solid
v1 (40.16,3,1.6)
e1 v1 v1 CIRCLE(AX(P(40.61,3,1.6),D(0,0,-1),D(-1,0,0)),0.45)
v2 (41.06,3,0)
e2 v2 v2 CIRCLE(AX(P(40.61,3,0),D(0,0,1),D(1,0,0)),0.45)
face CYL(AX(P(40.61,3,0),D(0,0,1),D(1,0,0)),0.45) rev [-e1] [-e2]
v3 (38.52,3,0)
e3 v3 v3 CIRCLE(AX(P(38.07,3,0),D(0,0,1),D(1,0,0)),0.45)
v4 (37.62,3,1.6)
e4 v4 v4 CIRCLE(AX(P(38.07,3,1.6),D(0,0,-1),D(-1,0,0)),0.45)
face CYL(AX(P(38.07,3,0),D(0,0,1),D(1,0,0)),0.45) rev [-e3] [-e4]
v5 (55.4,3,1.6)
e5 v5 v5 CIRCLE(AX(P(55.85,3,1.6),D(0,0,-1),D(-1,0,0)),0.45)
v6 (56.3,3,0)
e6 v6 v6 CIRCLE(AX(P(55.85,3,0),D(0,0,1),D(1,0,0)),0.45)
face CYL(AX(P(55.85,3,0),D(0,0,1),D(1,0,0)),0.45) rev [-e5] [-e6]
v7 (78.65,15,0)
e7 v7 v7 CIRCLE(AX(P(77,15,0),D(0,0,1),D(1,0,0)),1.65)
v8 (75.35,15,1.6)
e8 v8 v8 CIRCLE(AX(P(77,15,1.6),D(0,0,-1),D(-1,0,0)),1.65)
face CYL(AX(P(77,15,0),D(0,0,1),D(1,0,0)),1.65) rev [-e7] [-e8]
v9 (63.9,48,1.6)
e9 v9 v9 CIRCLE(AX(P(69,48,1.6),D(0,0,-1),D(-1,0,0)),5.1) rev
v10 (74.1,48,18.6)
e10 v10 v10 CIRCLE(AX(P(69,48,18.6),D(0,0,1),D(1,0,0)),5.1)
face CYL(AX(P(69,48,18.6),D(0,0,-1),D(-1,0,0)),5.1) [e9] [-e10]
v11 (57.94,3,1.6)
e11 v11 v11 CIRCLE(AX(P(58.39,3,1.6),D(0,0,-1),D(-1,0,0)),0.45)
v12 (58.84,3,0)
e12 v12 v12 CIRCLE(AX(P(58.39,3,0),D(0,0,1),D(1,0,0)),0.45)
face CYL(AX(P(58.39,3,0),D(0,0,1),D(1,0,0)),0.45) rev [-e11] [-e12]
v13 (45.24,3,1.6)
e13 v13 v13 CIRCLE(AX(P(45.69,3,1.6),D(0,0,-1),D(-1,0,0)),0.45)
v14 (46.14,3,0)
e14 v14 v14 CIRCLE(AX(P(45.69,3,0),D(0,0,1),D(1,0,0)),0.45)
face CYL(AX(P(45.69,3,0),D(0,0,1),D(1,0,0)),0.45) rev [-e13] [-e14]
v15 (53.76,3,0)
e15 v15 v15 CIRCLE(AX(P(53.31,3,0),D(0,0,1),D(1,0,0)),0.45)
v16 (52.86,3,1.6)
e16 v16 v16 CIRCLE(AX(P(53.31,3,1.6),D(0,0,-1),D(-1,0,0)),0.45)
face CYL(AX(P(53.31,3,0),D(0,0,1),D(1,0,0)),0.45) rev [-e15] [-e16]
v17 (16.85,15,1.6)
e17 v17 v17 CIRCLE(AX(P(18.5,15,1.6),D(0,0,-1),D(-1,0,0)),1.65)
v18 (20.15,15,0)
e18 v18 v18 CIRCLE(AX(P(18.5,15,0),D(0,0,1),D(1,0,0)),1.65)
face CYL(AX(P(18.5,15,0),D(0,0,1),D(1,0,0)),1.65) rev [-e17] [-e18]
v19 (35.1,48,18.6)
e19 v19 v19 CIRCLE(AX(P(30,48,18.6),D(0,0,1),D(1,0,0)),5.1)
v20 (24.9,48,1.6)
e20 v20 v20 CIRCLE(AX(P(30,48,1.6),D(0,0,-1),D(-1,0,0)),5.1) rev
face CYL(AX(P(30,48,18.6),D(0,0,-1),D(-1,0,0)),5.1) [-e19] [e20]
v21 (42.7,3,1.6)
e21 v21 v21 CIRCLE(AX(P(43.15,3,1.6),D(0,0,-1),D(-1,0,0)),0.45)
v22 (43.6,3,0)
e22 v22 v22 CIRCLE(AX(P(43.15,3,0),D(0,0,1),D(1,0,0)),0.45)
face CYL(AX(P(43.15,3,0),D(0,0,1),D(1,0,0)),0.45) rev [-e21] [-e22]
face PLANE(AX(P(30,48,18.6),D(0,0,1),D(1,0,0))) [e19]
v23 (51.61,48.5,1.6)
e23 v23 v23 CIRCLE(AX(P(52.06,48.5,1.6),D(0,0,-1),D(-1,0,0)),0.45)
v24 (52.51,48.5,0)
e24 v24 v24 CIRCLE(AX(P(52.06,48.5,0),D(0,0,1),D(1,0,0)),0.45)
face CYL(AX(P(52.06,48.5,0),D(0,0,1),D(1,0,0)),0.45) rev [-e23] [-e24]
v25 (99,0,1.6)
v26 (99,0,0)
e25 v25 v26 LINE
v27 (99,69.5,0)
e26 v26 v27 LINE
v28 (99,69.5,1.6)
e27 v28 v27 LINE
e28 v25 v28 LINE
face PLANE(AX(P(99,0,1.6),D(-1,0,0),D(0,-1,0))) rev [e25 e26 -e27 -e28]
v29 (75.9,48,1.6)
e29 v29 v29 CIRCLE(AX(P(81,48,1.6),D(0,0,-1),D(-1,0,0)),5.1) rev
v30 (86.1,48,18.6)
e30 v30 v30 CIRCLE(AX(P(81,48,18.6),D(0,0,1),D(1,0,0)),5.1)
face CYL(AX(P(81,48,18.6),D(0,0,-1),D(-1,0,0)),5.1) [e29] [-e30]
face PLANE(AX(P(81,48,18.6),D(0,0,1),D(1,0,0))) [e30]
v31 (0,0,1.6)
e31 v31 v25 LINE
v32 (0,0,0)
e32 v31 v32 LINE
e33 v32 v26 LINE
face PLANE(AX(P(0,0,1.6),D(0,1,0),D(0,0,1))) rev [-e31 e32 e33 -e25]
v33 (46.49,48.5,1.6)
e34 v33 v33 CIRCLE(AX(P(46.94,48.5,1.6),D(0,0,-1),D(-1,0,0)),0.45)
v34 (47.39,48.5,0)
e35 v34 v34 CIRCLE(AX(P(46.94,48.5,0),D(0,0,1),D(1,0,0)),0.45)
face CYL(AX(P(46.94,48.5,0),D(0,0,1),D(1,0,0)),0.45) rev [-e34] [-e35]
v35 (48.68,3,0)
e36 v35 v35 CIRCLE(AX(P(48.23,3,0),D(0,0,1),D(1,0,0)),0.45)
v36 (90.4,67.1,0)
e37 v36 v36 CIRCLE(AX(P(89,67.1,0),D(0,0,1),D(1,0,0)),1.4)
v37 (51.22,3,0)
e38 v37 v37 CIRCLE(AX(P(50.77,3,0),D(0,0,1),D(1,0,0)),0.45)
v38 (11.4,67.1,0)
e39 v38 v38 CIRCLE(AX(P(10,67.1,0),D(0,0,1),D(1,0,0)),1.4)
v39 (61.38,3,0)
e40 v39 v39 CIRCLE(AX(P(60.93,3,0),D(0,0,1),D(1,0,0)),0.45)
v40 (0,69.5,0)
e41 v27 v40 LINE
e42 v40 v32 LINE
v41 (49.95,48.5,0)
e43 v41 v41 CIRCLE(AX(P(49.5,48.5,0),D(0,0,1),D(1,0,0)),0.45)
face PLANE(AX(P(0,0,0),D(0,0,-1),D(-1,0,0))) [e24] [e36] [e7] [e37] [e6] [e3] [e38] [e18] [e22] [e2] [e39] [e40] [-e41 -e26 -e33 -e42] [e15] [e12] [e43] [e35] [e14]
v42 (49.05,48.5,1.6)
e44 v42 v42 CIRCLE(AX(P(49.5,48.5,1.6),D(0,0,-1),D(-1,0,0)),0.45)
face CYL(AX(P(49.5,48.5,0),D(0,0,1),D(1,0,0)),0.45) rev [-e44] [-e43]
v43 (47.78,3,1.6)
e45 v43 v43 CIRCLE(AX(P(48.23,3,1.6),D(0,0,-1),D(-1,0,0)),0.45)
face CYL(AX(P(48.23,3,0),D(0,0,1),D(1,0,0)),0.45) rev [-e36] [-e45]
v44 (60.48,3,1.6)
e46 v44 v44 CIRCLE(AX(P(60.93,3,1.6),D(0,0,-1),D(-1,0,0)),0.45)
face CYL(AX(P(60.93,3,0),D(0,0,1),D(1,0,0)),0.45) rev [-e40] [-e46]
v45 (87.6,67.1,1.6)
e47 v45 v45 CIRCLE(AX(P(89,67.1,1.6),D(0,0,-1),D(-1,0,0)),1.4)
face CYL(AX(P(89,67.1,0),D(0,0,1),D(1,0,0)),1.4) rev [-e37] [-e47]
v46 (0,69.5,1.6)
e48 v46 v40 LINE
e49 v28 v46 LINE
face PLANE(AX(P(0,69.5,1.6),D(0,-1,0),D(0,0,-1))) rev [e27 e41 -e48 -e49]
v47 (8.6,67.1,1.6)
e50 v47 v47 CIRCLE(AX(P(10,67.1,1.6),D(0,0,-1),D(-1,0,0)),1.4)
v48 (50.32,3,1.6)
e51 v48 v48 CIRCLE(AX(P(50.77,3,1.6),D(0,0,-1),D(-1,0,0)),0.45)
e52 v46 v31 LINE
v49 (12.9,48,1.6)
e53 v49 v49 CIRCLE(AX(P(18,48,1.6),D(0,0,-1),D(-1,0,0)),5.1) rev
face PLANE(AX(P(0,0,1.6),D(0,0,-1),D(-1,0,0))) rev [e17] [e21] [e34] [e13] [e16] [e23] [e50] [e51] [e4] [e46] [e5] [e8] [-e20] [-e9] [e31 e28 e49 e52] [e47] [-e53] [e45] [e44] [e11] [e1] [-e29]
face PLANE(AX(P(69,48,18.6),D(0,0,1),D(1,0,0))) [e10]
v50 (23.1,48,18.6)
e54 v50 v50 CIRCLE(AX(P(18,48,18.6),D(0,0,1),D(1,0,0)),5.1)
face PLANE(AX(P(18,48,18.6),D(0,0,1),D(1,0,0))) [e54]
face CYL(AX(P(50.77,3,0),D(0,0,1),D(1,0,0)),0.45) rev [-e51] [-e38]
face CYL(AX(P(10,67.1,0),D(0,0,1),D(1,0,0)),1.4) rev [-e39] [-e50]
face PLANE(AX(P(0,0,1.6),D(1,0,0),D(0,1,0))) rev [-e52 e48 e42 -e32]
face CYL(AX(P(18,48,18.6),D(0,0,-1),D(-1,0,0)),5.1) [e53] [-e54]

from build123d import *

# Parameters (mm, degrees)
SKETCH1_W               = 99
SKETCH1_H               = 69.5
BOSS_EXTRUDE1_DEPTH     = 1.6
SKETCH2_R               = 5.1
BOSS_EXTRUDE2_DEPTH     = 17
SKETCH3_R               = 1.4
SKETCH3_R_2             = 1.65
SKETCH3_R_3             = 0.45
CUT_EXTRUDE1_DEPTH      = 18
CUT_EXTRUDE1_DEPTH_BACK = 2.6


with BuildPart() as part:
    # Sketch1 → Boss-Extrude1 (new body)
    with BuildSketch(Plane.XY):
        with Locations((49.5, 34.75)):
            Rectangle(SKETCH1_W, SKETCH1_H)
    extrude(amount=BOSS_EXTRUDE1_DEPTH)

    # Sketch2 → Boss-Extrude2 (add)
    with BuildSketch(Plane.XY.offset(1.6)):
        with Locations((18, 48)):
            Circle(SKETCH2_R)
        with Locations((30, 48)):
            Circle(SKETCH2_R)
        with Locations((69, 48)):
            Circle(SKETCH2_R)
        with Locations((81, 48)):
            Circle(SKETCH2_R)
    extrude(amount=BOSS_EXTRUDE2_DEPTH)

    # Sketch3 → Cut-Extrude1 (cut, two sides)
    with BuildSketch(Plane.XY.offset(1.6)) as cut_extrude1_sk:
        with Locations((10, 67.1)):
            Circle(SKETCH3_R)
        with Locations((89, 67.1)):
            Circle(SKETCH3_R)
        with Locations((18.5, 15)):
            Circle(SKETCH3_R_2)
        with Locations((77, 15)):
            Circle(SKETCH3_R_2)
        with Locations((49.5, 48.5)):
            Circle(SKETCH3_R_3)
        with Locations((52.06, 48.5)):
            Circle(SKETCH3_R_3)
        with Locations((46.94, 48.5)):
            Circle(SKETCH3_R_3)
        with Locations((43.15, 3)):
            Circle(SKETCH3_R_3)
        with Locations((45.69, 3)):
            Circle(SKETCH3_R_3)
        with Locations((48.23, 3)):
            Circle(SKETCH3_R_3)
        with Locations((50.77, 3)):
            Circle(SKETCH3_R_3)
        with Locations((53.31, 3)):
            Circle(SKETCH3_R_3)
        with Locations((55.85, 3)):
            Circle(SKETCH3_R_3)
        with Locations((58.39, 3)):
            Circle(SKETCH3_R_3)
        with Locations((60.93, 3)):
            Circle(SKETCH3_R_3)
        with Locations((40.61, 3)):
            Circle(SKETCH3_R_3)
        with Locations((38.07, 3)):
            Circle(SKETCH3_R_3)
    extrude(amount=CUT_EXTRUDE1_DEPTH, mode=Mode.SUBTRACT)
    extrude(cut_extrude1_sk.sketch, amount=-CUT_EXTRUDE1_DEPTH_BACK, mode=Mode.SUBTRACT)


solid = part.part
